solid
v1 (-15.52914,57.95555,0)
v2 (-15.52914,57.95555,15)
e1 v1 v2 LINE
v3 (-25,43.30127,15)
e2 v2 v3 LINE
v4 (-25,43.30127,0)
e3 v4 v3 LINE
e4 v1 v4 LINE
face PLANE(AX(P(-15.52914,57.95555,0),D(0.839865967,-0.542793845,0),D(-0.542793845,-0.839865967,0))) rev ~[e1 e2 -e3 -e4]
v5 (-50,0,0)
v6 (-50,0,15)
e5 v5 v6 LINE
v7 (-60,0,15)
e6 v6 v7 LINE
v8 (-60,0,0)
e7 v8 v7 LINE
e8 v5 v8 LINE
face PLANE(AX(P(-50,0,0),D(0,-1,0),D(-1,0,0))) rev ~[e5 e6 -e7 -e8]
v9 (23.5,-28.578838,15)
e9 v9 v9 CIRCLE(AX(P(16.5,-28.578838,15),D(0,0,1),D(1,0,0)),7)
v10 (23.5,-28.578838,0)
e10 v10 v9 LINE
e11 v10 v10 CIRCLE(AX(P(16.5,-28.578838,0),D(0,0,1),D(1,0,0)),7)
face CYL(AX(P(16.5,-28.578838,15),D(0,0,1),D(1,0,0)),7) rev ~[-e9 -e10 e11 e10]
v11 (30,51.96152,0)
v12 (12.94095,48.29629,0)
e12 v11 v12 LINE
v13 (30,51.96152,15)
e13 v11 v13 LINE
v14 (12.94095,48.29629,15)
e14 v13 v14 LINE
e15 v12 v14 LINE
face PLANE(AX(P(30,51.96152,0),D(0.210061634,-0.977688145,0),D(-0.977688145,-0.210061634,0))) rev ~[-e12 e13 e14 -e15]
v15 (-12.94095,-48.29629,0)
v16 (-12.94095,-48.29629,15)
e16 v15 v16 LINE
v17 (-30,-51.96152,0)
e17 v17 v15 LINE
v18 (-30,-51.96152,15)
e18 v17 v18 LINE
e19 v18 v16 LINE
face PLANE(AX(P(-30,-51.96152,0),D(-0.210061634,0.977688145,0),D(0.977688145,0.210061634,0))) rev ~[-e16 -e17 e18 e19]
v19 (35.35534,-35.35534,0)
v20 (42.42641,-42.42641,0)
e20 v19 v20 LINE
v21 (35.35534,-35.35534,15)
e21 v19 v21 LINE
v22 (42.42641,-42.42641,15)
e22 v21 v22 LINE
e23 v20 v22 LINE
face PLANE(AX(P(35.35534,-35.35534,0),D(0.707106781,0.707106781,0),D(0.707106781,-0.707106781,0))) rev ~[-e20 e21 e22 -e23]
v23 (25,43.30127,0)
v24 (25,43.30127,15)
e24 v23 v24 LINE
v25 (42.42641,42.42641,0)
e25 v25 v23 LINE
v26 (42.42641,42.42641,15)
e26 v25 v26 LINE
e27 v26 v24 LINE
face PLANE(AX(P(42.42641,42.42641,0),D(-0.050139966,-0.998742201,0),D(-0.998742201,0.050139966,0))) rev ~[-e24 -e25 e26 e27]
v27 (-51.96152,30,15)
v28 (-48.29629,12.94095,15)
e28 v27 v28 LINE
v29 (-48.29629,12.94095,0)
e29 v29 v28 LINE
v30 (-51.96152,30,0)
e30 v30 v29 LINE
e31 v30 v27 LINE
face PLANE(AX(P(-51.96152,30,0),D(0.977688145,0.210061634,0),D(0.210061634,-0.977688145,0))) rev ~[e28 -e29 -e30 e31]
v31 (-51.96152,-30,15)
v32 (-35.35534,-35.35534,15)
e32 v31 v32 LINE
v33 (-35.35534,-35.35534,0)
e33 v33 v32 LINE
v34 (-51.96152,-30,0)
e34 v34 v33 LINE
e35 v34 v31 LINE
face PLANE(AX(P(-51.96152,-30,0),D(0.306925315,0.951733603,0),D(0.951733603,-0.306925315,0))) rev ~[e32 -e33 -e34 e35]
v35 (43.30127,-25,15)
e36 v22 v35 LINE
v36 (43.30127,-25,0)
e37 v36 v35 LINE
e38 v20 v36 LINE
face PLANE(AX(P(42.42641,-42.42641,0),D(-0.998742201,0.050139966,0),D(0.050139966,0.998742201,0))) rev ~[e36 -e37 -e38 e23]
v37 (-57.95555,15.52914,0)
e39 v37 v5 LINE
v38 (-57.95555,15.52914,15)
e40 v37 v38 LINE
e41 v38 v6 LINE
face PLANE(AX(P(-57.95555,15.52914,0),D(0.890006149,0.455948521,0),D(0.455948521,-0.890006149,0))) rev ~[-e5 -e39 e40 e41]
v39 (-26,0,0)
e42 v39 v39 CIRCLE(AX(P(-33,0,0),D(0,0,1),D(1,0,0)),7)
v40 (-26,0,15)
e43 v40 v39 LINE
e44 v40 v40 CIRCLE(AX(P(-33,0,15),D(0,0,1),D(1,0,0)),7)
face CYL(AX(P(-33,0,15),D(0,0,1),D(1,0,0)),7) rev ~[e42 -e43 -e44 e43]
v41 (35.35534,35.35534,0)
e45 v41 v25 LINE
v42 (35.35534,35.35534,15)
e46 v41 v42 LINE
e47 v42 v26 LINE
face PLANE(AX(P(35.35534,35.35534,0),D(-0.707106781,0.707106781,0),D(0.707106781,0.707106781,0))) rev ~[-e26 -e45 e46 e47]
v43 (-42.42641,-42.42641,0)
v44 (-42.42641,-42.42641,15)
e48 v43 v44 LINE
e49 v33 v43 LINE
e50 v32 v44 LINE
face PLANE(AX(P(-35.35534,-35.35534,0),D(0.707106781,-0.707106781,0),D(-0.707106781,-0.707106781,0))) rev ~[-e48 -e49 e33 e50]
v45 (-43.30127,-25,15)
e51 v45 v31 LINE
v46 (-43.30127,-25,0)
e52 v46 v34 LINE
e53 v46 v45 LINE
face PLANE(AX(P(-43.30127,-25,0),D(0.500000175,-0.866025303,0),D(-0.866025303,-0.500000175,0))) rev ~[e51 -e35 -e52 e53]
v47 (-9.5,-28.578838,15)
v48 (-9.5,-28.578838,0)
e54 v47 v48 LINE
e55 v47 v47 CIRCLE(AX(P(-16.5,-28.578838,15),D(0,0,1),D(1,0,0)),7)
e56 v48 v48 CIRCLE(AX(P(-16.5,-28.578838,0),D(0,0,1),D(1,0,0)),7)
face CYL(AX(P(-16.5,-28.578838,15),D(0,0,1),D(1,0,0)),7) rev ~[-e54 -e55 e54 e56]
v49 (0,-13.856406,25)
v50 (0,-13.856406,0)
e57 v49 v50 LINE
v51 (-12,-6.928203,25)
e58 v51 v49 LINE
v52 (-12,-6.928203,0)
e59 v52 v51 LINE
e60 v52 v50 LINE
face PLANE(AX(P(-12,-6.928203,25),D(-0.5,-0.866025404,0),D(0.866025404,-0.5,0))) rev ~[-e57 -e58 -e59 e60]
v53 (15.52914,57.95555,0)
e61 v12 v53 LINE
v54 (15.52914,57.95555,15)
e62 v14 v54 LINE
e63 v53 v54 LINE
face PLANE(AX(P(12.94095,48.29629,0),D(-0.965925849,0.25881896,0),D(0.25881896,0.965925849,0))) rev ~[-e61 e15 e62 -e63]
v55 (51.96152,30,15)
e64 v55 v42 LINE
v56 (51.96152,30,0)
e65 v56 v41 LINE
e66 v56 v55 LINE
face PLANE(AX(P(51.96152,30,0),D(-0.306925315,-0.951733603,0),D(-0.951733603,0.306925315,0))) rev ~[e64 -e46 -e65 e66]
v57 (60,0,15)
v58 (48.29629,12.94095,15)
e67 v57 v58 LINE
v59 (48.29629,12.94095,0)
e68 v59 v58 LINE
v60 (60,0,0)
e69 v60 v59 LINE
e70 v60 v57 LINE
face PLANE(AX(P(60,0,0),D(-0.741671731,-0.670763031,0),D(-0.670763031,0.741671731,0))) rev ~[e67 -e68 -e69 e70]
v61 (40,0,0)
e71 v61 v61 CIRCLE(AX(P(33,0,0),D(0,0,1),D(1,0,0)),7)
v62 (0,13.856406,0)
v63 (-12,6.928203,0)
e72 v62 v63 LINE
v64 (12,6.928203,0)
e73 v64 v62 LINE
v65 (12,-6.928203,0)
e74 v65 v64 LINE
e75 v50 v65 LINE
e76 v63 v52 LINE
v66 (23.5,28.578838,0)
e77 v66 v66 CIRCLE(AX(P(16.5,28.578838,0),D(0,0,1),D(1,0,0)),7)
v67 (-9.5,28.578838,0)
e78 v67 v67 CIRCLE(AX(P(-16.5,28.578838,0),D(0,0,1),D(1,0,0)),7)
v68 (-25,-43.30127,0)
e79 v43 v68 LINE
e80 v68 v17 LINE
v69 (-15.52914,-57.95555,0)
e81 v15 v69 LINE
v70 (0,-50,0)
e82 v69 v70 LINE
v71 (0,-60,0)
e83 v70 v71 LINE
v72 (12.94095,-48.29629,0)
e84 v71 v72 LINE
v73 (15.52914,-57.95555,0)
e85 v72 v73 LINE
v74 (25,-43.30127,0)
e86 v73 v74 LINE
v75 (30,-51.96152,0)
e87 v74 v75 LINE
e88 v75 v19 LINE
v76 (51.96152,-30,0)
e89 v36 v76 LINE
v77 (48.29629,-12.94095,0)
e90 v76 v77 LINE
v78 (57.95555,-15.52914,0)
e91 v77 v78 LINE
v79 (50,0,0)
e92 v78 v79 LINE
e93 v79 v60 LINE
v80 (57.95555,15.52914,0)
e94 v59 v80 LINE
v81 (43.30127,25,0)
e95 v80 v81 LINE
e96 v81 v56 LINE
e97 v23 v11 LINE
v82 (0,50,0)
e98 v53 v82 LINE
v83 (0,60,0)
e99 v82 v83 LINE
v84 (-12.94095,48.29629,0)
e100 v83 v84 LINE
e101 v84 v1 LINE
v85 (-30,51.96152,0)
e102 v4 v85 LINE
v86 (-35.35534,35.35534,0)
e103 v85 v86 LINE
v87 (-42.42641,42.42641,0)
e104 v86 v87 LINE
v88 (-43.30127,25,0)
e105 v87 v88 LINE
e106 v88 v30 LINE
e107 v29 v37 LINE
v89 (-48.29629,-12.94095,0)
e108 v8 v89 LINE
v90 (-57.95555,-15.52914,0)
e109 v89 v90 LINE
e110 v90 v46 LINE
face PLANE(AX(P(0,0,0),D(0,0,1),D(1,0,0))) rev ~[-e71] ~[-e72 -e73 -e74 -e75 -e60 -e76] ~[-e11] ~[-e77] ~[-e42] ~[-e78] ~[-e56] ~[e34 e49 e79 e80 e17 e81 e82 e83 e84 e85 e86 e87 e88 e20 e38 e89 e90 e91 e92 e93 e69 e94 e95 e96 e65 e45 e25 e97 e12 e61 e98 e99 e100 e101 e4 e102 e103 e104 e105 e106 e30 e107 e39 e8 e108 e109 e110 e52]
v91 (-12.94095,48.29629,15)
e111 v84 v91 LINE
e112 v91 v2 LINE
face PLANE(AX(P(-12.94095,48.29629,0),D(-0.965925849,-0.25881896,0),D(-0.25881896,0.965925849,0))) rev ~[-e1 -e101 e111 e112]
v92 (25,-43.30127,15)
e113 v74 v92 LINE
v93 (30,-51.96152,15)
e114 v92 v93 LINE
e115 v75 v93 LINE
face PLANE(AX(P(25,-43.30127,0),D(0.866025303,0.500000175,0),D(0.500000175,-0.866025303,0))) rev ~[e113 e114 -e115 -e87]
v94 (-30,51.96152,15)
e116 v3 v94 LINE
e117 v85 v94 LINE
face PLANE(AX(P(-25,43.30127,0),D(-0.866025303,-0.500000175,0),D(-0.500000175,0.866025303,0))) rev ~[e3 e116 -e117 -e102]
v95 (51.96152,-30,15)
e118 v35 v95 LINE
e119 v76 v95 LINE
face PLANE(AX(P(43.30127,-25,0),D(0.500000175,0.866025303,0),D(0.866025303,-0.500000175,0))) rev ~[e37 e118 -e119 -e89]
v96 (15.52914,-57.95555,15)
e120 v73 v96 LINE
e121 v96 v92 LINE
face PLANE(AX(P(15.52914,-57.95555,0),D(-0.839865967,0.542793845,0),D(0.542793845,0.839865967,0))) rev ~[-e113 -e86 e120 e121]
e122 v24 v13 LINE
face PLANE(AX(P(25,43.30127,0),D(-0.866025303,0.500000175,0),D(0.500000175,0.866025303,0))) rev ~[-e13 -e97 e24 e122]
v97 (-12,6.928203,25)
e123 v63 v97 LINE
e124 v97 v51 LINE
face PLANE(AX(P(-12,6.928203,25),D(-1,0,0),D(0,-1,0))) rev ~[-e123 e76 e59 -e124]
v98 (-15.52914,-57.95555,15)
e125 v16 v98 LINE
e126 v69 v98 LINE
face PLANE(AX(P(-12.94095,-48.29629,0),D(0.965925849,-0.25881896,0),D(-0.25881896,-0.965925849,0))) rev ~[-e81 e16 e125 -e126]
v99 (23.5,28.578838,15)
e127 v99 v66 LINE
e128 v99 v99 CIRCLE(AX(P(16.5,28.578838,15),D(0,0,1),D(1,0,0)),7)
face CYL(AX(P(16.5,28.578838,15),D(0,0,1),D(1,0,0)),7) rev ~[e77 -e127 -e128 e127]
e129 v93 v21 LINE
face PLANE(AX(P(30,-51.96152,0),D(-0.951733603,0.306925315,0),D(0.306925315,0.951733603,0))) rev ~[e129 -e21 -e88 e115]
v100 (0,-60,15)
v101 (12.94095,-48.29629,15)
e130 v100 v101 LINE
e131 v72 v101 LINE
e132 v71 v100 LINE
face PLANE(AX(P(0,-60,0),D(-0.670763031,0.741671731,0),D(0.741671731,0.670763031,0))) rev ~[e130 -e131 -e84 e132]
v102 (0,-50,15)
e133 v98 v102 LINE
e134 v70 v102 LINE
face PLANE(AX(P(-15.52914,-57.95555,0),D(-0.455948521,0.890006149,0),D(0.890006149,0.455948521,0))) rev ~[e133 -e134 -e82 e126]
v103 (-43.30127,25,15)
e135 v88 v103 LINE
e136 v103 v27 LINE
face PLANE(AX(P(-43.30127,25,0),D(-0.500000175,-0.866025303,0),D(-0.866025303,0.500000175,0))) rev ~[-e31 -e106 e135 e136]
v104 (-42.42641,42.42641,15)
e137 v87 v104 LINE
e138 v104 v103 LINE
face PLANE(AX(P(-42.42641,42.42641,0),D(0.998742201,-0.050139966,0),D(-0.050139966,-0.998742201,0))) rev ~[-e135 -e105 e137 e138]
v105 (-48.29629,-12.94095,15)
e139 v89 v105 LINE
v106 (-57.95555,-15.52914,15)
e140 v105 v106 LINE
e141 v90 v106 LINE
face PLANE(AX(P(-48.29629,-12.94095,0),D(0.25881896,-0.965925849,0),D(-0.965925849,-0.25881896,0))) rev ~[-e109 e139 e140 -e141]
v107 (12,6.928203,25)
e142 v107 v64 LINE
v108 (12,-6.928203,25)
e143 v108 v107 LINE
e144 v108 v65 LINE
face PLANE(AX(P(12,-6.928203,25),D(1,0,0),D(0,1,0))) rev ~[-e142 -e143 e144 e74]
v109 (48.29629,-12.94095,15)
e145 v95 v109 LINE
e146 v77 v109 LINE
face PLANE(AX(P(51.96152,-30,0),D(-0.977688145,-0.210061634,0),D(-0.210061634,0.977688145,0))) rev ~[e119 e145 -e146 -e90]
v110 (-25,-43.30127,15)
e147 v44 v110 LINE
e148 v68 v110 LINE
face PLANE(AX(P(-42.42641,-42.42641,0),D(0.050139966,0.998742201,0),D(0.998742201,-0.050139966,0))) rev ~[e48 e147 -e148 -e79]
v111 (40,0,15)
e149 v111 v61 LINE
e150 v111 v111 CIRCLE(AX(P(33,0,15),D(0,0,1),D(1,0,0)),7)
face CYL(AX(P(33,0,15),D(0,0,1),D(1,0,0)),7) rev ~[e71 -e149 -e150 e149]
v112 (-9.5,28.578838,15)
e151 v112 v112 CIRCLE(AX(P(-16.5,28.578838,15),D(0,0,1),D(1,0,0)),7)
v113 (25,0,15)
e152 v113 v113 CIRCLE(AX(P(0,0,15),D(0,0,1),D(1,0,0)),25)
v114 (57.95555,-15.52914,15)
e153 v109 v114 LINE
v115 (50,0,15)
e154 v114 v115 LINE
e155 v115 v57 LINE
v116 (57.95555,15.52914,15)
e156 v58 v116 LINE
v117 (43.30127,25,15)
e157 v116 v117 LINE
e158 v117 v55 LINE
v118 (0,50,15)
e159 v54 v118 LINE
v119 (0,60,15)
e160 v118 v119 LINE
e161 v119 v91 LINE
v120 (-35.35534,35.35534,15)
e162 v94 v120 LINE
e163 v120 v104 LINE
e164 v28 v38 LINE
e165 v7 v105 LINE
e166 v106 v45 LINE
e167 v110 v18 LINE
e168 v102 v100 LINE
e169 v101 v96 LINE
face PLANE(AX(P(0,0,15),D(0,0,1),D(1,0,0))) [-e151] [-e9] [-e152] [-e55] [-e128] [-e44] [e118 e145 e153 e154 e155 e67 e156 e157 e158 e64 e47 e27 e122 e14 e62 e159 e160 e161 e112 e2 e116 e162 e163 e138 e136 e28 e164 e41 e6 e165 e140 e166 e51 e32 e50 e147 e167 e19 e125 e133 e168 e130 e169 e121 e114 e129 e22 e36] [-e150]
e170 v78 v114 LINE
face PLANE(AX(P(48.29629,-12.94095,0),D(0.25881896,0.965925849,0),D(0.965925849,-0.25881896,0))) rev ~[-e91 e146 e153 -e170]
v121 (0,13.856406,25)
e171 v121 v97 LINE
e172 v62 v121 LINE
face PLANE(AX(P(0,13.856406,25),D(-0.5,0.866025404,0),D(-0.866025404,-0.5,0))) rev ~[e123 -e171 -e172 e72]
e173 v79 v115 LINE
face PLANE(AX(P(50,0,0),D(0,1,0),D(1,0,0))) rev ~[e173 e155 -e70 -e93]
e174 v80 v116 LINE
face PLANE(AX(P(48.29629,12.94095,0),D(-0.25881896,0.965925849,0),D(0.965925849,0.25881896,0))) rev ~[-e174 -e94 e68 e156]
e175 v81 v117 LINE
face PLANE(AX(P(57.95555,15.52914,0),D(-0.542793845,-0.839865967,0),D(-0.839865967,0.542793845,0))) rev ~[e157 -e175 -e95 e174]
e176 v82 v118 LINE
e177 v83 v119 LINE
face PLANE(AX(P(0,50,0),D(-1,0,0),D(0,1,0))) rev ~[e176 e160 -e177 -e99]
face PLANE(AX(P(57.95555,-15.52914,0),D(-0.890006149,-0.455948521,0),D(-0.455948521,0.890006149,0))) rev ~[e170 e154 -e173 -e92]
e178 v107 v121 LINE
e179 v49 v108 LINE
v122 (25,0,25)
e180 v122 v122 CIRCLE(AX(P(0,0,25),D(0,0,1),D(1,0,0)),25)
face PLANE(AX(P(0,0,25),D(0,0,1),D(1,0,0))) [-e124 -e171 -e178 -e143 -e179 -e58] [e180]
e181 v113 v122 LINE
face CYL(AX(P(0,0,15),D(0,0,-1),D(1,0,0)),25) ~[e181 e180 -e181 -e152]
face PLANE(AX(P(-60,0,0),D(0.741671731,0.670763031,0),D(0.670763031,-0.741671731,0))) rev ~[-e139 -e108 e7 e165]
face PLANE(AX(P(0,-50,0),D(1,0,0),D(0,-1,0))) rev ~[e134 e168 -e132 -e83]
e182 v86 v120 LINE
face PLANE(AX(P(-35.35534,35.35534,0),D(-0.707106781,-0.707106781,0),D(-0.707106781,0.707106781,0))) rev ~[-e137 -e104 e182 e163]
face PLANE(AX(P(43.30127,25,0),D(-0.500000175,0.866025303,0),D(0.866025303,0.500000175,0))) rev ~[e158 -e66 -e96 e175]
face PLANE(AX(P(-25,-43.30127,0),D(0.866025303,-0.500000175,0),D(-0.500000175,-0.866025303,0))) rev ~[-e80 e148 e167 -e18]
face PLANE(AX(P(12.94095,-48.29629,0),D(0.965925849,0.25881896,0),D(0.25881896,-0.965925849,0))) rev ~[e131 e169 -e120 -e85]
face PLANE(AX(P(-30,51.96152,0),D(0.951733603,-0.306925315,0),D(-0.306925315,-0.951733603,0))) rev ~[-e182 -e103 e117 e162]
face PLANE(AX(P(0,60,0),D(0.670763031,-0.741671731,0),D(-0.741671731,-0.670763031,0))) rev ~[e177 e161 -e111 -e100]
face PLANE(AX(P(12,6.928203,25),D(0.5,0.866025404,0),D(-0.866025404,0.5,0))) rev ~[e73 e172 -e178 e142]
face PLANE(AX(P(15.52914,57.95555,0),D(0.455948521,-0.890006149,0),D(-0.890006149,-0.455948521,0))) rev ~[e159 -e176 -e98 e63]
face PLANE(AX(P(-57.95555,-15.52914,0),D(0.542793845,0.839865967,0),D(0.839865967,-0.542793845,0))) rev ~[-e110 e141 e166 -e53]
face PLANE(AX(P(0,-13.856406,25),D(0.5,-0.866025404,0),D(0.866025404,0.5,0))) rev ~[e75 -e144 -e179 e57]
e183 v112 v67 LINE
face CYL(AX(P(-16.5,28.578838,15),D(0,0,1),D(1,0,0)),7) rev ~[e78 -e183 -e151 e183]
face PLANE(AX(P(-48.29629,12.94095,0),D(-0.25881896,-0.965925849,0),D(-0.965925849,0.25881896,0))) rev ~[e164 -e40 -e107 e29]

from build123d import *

# Parameters (mm, degrees)
EXTRUDE_1_DEPTH     = 15
SKETCH_2_R          = 25
EXTRUDE_2_DEPTH     = 10
CUT_EXTRUDE_1_DEPTH = 121
SKETCH_4_R          = 7
CUT_EXTRUDE_2_DEPTH = 121


with BuildPart() as part:
    # 草图1 → 凸台-拉伸1 (new body)
    with BuildSketch(Plane.XY):
        Polygon((50, 0), (60, 0), (48.29629, 12.94095), (57.95555, 15.52914), (43.30127, 25), (51.96152, 30), (35.35534, 35.35534), (42.42641, 42.42641), (25, 43.30127), (30, 51.96152), (12.94095, 48.29629), (15.52914, 57.95555), (0, 50), (0, 60), (-12.94095, 48.29629), (-15.52914, 57.95555), (-25, 43.30127), (-30, 51.96152), (-35.35534, 35.35534), (-42.42641, 42.42641), (-43.30127, 25), (-51.96152, 30), (-48.29629, 12.94095), (-57.95555, 15.52914), (-50, 0), (-60, 0), (-48.29629, -12.94095), (-57.95555, -15.52914), (-43.30127, -25), (-51.96152, -30), (-35.35534, -35.35534), (-42.42641, -42.42641), (-25, -43.30127), (-30, -51.96152), (-12.94095, -48.29629), (-15.52914, -57.95555), (0, -50), (0, -60), (12.94095, -48.29629), (15.52914, -57.95555), (25, -43.30127), (30, -51.96152), (35.35534, -35.35534), (42.42641, -42.42641), (43.30127, -25), (51.96152, -30), (48.29629, -12.94095), (57.95555, -15.52914), align=None)
    extrude(amount=EXTRUDE_1_DEPTH)

    # 草图2 → 凸台-拉伸2 (add)
    with BuildSketch(Plane.XY.offset(15)):
        Circle(SKETCH_2_R)
    extrude(amount=EXTRUDE_2_DEPTH)

    # 草图3 → 切除-拉伸1 (cut, symmetric)
    with BuildSketch(Plane.XY.offset(25)):
        Polygon((12, 6.92820323), (0, 13.856406461), (-12, 6.92820323), (-12, -6.92820323), (0, -13.856406461), (12, -6.92820323), align=None)
    extrude(amount=CUT_EXTRUDE_1_DEPTH, both=True, mode=Mode.SUBTRACT)

    # 草图4 → 切除-拉伸2 (cut, symmetric)
    with BuildSketch(Plane.XY.offset(15)):
        with Locations((33, 0)):
            Circle(SKETCH_4_R)
        with Locations((16.5, 28.578838)):
            Circle(SKETCH_4_R)
        with Locations((-16.5, 28.578838)):
            Circle(SKETCH_4_R)
        with Locations((-33, 0)):
            Circle(SKETCH_4_R)
        with Locations((-16.5, -28.578838)):
            Circle(SKETCH_4_R)
        with Locations((16.5, -28.578838)):
            Circle(SKETCH_4_R)
    extrude(amount=CUT_EXTRUDE_2_DEPTH, both=True, mode=Mode.SUBTRACT)


solid = part.part
